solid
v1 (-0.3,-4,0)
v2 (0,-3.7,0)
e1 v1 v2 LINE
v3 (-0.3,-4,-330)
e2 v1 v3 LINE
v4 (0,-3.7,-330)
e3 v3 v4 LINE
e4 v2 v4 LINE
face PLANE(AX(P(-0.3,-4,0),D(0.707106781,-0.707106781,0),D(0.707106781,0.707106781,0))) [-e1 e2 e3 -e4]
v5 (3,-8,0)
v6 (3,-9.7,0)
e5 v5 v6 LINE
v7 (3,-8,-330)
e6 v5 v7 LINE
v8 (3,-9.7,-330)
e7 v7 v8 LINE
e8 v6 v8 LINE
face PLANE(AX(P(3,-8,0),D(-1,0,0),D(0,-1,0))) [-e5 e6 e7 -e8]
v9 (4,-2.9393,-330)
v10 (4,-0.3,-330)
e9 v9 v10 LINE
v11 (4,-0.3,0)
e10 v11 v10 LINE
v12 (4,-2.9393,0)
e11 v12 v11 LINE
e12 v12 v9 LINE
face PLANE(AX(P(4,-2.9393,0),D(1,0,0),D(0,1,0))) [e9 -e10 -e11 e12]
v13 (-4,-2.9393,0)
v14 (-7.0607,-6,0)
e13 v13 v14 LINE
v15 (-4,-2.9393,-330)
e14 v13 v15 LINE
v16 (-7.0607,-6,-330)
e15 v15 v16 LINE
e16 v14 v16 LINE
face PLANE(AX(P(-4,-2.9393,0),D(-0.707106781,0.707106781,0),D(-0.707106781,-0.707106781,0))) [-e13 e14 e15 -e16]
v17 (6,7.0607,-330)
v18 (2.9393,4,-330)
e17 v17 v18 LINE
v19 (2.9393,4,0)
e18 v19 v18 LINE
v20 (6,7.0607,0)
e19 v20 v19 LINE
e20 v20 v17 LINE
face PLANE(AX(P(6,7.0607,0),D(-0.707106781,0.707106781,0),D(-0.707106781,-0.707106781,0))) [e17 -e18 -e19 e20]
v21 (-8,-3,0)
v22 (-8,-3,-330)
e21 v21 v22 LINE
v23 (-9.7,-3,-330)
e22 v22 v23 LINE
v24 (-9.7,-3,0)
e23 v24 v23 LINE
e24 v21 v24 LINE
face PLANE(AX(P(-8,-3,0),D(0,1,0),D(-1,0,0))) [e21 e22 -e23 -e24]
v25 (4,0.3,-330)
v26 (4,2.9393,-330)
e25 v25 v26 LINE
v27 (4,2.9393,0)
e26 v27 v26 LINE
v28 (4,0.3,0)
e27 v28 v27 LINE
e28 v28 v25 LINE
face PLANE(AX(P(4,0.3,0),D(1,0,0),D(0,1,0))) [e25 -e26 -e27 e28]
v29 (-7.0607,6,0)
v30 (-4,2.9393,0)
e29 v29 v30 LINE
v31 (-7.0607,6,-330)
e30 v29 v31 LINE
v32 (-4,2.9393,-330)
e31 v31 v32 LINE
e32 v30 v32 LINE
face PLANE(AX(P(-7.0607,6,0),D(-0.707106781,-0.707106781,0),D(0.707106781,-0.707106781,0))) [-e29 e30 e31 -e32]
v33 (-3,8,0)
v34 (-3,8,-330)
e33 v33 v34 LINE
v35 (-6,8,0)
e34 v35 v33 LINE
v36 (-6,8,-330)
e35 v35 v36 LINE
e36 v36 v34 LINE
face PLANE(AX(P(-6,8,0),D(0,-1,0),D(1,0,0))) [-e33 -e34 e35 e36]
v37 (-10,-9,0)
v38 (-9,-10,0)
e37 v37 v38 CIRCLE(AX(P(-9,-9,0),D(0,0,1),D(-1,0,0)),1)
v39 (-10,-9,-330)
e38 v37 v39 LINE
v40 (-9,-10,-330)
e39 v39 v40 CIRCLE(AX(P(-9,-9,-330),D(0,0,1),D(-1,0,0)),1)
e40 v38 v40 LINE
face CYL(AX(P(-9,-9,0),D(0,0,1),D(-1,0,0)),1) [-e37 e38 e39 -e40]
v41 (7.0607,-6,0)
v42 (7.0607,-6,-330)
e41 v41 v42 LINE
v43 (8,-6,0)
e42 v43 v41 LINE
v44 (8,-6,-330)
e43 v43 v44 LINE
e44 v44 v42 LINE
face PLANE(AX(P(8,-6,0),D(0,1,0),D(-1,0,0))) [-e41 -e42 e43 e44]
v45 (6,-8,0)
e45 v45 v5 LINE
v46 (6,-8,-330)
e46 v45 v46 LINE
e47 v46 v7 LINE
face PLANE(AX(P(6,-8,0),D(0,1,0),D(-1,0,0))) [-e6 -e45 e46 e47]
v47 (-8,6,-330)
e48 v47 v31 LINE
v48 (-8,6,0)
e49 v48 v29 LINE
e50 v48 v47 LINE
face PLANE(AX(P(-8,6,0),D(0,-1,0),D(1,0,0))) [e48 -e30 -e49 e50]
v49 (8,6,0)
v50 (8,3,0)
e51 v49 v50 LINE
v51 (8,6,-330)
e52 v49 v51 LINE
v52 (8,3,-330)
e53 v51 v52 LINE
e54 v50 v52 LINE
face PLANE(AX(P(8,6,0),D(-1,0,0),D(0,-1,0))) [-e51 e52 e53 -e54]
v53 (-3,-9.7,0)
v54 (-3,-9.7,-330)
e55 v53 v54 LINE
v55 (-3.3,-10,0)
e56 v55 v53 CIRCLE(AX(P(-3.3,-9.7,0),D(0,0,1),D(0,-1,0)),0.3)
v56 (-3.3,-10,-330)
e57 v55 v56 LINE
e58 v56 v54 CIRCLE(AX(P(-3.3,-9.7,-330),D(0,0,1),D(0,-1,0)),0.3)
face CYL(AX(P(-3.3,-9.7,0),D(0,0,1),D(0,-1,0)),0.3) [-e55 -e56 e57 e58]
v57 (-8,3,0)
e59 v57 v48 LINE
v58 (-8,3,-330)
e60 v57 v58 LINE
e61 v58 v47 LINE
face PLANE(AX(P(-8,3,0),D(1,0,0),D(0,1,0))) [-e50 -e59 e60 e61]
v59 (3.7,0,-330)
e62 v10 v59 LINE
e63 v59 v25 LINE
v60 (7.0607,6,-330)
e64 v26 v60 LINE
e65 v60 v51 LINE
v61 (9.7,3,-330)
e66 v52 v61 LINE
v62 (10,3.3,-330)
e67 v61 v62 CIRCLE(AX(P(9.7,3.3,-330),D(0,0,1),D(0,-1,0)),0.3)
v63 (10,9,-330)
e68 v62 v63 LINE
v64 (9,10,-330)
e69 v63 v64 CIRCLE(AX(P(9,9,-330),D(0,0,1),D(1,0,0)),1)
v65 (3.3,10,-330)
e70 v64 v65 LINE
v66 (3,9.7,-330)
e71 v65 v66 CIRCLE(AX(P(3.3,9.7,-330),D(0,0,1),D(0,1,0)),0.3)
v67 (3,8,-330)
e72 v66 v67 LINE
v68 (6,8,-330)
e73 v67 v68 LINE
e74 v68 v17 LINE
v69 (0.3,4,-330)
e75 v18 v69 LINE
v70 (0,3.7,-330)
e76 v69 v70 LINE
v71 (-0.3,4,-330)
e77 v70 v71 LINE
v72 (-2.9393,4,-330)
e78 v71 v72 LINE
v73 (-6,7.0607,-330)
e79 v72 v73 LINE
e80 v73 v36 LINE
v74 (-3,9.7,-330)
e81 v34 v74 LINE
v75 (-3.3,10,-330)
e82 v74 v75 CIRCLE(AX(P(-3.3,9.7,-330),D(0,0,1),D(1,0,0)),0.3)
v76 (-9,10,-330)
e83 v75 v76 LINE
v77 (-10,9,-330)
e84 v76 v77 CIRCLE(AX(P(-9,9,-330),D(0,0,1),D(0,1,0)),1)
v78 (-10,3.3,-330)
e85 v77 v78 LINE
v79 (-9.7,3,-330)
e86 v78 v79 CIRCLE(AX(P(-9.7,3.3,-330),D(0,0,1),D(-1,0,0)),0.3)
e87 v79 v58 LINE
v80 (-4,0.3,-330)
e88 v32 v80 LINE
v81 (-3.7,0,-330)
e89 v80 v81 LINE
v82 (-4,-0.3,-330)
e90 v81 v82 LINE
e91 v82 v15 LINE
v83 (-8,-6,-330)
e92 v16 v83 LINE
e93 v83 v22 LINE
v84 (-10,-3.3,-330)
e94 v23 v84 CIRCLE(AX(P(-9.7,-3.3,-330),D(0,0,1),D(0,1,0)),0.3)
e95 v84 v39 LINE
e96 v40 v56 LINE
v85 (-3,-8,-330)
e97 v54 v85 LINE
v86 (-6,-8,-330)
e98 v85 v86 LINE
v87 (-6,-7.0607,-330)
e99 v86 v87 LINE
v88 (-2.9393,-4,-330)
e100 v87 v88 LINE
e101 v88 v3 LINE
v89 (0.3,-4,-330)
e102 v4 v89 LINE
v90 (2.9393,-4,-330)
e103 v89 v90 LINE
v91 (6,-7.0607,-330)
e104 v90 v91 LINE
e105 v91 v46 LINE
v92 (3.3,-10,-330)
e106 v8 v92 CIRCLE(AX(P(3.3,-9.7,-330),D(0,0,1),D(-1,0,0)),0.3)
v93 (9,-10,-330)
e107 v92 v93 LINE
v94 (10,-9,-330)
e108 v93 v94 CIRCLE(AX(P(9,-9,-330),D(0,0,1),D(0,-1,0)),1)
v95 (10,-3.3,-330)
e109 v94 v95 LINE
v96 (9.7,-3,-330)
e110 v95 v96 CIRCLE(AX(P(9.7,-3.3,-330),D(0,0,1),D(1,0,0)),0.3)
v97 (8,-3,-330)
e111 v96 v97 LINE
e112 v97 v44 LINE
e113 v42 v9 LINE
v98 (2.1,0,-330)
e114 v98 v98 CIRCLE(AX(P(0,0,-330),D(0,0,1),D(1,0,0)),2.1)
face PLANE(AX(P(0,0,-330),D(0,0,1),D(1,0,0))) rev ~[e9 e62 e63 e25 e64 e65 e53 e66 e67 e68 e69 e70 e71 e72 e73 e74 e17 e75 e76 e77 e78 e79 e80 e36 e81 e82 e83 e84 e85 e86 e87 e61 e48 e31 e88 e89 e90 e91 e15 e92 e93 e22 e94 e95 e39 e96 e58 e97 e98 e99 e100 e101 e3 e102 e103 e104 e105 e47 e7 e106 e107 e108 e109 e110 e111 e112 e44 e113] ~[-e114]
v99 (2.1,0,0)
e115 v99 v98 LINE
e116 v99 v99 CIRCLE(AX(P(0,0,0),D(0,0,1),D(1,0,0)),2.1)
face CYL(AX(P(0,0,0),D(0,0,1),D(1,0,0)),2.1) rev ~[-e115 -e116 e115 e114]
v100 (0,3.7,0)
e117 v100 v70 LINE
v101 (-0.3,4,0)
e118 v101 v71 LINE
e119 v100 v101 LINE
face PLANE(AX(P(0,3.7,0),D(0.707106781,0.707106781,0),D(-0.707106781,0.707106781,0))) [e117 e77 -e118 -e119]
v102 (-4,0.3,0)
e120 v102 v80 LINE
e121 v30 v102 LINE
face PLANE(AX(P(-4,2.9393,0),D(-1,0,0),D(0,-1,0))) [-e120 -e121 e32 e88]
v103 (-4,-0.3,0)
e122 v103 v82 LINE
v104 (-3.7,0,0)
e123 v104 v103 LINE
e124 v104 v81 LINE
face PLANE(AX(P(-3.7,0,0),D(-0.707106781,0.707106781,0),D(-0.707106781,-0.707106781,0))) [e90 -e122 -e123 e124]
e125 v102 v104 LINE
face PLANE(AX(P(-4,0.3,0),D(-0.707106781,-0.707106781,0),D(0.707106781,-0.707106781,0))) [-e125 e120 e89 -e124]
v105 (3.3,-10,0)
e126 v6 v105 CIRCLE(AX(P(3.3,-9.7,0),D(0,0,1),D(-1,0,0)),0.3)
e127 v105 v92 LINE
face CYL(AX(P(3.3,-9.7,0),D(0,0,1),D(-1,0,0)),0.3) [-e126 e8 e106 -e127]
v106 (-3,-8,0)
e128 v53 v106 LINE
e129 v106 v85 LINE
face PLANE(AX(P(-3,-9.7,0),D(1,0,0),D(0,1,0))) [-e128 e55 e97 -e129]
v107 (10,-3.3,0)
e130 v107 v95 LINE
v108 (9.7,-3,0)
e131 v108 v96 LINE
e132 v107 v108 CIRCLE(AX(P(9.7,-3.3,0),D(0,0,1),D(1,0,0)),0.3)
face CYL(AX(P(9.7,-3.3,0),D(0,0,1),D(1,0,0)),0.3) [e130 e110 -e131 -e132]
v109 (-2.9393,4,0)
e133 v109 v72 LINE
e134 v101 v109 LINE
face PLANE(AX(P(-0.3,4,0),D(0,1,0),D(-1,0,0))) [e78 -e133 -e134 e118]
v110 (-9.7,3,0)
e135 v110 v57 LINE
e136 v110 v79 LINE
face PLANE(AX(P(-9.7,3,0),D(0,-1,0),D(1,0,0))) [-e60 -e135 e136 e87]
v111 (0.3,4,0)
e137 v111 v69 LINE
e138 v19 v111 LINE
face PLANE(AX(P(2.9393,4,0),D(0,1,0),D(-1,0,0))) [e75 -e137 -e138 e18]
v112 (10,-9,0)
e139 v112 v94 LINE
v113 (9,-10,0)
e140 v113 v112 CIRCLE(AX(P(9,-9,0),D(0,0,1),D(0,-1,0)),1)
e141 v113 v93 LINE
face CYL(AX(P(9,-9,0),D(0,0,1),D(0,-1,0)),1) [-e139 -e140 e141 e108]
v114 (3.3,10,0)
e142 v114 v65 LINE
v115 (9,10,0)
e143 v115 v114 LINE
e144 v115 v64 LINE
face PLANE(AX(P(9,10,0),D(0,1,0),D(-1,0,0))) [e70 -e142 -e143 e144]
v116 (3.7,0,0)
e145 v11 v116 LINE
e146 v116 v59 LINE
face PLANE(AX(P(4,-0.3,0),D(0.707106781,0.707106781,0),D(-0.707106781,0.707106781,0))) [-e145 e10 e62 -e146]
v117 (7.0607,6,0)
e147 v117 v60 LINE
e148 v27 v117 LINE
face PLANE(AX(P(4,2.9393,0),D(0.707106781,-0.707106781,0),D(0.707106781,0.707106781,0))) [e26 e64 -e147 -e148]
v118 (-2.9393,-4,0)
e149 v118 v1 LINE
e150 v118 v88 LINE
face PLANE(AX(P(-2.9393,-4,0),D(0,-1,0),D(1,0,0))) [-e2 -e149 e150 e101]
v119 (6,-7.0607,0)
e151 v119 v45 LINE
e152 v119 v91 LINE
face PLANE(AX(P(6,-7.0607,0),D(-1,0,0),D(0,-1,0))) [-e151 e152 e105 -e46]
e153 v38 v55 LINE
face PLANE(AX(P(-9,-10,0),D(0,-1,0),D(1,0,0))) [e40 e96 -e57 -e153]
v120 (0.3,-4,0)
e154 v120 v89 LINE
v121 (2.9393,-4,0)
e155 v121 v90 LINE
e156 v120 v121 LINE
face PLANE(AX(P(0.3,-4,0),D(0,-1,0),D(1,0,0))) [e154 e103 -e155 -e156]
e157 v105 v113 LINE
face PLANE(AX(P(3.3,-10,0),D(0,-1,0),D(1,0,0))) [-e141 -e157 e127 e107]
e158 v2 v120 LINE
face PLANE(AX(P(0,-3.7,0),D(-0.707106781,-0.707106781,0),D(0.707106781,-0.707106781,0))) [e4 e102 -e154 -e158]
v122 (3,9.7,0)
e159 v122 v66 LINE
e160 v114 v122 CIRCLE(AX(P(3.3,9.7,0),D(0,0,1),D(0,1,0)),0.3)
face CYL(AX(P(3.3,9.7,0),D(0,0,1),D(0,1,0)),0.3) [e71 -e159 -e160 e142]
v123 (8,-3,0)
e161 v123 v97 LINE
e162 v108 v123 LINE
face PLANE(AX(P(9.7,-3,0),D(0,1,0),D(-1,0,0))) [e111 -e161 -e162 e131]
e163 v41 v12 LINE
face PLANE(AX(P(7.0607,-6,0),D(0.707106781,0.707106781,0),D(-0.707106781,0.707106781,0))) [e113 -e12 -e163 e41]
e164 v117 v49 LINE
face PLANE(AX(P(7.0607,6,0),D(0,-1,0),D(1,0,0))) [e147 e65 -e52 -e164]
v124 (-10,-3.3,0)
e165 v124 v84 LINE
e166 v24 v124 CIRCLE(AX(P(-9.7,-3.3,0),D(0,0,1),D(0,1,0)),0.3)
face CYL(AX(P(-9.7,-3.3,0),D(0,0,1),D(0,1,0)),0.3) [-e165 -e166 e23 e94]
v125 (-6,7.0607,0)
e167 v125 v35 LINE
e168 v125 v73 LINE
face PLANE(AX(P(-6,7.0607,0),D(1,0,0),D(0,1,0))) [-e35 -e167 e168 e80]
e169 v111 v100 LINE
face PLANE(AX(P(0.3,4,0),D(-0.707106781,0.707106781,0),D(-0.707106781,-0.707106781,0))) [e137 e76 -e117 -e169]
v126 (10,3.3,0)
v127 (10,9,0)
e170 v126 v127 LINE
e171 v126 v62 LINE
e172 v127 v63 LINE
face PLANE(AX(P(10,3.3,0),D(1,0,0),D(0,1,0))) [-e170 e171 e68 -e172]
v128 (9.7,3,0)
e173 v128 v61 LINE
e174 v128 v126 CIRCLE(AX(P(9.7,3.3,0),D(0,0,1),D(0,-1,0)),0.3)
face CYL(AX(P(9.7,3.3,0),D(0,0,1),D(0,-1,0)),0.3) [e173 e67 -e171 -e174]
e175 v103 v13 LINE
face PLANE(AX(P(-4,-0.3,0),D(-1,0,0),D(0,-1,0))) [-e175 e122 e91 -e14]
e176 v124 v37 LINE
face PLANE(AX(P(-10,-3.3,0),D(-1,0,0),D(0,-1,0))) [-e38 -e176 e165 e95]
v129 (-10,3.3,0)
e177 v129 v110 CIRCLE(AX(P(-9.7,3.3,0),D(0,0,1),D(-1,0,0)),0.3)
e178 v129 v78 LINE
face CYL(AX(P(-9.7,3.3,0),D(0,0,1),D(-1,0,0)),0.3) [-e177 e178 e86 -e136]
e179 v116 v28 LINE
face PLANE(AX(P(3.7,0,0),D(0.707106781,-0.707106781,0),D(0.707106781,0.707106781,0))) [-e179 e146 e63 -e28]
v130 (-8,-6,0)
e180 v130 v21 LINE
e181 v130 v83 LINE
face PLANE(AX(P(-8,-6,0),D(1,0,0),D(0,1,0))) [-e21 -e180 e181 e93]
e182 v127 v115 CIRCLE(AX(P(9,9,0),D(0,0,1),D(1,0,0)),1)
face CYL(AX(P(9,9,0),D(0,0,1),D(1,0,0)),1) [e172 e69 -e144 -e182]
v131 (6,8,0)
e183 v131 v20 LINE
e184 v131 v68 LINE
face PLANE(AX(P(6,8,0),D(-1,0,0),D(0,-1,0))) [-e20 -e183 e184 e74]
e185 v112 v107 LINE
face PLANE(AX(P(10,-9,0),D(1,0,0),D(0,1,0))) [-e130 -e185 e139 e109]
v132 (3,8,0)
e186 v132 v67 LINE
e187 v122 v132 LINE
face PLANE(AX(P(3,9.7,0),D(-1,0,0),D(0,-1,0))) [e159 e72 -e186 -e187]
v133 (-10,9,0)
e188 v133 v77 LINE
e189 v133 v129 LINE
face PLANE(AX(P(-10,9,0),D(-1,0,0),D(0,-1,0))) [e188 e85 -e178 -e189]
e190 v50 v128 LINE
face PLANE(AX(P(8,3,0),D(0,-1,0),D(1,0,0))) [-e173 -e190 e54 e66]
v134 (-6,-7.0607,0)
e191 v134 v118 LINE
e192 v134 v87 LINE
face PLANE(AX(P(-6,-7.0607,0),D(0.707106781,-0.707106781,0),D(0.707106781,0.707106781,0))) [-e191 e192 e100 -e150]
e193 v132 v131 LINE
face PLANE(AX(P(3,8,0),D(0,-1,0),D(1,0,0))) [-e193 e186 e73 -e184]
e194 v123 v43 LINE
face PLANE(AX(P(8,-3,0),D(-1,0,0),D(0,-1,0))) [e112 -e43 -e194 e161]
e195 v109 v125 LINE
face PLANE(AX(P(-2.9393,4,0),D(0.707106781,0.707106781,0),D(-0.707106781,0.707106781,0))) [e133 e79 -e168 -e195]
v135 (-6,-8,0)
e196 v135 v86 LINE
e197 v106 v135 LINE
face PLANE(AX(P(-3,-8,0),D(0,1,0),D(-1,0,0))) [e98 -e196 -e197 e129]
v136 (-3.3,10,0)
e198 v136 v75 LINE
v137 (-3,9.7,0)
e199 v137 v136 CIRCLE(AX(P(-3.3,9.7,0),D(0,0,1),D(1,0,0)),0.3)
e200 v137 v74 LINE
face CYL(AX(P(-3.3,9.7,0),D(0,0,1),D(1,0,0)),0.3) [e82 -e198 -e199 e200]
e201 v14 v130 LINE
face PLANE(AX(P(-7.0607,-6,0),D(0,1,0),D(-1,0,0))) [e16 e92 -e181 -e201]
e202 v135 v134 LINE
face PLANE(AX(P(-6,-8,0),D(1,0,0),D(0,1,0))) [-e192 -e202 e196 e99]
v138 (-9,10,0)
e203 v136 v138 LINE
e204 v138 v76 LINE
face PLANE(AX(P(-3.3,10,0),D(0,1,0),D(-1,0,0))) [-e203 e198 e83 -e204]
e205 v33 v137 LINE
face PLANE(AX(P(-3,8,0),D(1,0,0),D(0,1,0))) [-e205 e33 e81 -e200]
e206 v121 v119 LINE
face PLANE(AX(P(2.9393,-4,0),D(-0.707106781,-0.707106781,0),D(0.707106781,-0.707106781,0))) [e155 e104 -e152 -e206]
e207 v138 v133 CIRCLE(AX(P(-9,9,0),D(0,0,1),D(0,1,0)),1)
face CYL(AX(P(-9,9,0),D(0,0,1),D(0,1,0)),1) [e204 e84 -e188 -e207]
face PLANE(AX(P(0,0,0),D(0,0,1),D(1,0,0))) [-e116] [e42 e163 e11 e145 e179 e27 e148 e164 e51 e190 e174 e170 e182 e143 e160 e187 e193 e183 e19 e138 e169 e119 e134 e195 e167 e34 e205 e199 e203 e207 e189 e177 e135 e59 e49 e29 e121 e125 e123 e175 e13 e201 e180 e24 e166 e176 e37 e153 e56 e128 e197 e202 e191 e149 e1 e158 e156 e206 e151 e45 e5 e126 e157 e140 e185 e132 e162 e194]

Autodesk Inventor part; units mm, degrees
ref_plane "YZ Plane" through (0, 0, 0) normal (1, 0, 0) x (0, 1, 0)
ref_plane "XZ Plane" through (0, 0, 0) normal (0, 1, 0) x (-1, 0, 0)
ref_plane "XY Plane" through (0, 0, 0) normal (0, 0, 1) x (1, 0, 0)
sketch "Sketch_5" plane through (0, 0, 0) normal (0, 0, 1) x (1, 0, 0)
  line L0 (-10, 9) -> (-10, 3.3)
  arc A0 (-10, 3.3) -> (-9.7, 3) centre (-9.7, 3.3) ccw
  line L1 (-9.7, 3) -> (-8, 3)
  line L2 (-8, 3) -> (-8, 6)
  line L3 (-8, 6) -> (-7.0607, 6)
  line L4 (-7.0607, 6) -> (-4, 2.9393)
  line L5 (-4, 2.9393) -> (-4, 0.3)
  line L6 (-4, 0.3) -> (-3.7, 0)
  line L7 (-3.7, 0) -> (-4, -0.3)
  line L8 (-4, -0.3) -> (-4, -2.9393)
  line L9 (-4, -2.9393) -> (-7.0607, -6)
  line L10 (-7.0607, -6) -> (-8, -6)
  line L11 (-8, -6) -> (-8, -3)
  line L12 (-8, -3) -> (-9.7, -3)
  arc A1 (-9.7, -3) -> (-10, -3.3) centre (-9.7, -3.3) ccw
  line L13 (-10, -3.3) -> (-10, -9)
  arc A2 (-10, -9) -> (-9, -10) centre (-9, -9) ccw
  line L14 (-9, -10) -> (-3.3, -10)
  arc A3 (-3.3, -10) -> (-3, -9.7) centre (-3.3, -9.7) ccw
  line L15 (-3, -9.7) -> (-3, -8)
  line L16 (-3, -8) -> (-6, -8)
  line L17 (-6, -8) -> (-6, -7.0607)
  line L18 (-6, -7.0607) -> (-2.9393, -4)
  line L19 (-2.9393, -4) -> (-0.3, -4)
  line L20 (-0.3, -4) -> (0, -3.7)
  line L21 (0, -3.7) -> (0.3, -4)
  line L22 (0.3, -4) -> (2.9393, -4)
  line L23 (2.9393, -4) -> (6, -7.0607)
  line L24 (6, -7.0607) -> (6, -8)
  line L25 (6, -8) -> (3, -8)
  line L26 (3, -8) -> (3, -9.7)
  arc A4 (3, -9.7) -> (3.3, -10) centre (3.3, -9.7) ccw
  line L27 (3.3, -10) -> (9, -10)
  arc A5 (9, -10) -> (10, -9) centre (9, -9) ccw
  line L28 (10, -9) -> (10, -3.3)
  arc A6 (10, -3.3) -> (9.7, -3) centre (9.7, -3.3) ccw
  line L29 (9.7, -3) -> (8, -3)
  line L30 (8, -3) -> (8, -6)
  line L31 (8, -6) -> (7.0607, -6)
  line L32 (7.0607, -6) -> (4, -2.9393)
  line L33 (4, -2.9393) -> (4, -0.3)
  line L34 (4, -0.3) -> (3.7, 0)
  line L35 (3.7, 0) -> (4, 0.3)
  line L36 (4, 0.3) -> (4, 2.9393)
  line L37 (4, 2.9393) -> (7.0607, 6)
  line L38 (7.0607, 6) -> (8, 6)
  line L39 (8, 6) -> (8, 3)
  line L40 (8, 3) -> (9.7, 3)
  arc A7 (9.7, 3) -> (10, 3.3) centre (9.7, 3.3) ccw
  line L41 (10, 3.3) -> (10, 9)
  arc A8 (10, 9) -> (9, 10) centre (9, 9) ccw
  line L42 (9, 10) -> (3.3, 10)
  arc A9 (3.3, 10) -> (3, 9.7) centre (3.3, 9.7) ccw
  line L43 (3, 9.7) -> (3, 8)
  line L44 (3, 8) -> (6, 8)
  line L45 (6, 8) -> (6, 7.0607)
  line L46 (6, 7.0607) -> (2.9393, 4)
  line L47 (2.9393, 4) -> (0.3, 4)
  line L48 (0.3, 4) -> (0, 3.7)
  line L49 (0, 3.7) -> (-0.3, 4)
  line L50 (-0.3, 4) -> (-2.9393, 4)
  line L51 (-2.9393, 4) -> (-6, 7.0607)
  line L52 (-6, 7.0607) -> (-6, 8)
  line L53 (-6, 8) -> (-3, 8)
  line L54 (-3, 8) -> (-3, 9.7)
  arc A10 (-3, 9.7) -> (-3.3, 10) centre (-3.3, 9.7) ccw
  line L55 (-3.3, 10) -> (-9, 10)
  arc A11 (-9, 10) -> (-10, 9) centre (-9, 9) ccw
  circle A12 centre (0, 0) radius 2.1
extrude "Extrusion1" add sketch "Sketch_5" against normal blind 330
properties part number "KHFS5-2020-4000" material "Aluminum 6061"
